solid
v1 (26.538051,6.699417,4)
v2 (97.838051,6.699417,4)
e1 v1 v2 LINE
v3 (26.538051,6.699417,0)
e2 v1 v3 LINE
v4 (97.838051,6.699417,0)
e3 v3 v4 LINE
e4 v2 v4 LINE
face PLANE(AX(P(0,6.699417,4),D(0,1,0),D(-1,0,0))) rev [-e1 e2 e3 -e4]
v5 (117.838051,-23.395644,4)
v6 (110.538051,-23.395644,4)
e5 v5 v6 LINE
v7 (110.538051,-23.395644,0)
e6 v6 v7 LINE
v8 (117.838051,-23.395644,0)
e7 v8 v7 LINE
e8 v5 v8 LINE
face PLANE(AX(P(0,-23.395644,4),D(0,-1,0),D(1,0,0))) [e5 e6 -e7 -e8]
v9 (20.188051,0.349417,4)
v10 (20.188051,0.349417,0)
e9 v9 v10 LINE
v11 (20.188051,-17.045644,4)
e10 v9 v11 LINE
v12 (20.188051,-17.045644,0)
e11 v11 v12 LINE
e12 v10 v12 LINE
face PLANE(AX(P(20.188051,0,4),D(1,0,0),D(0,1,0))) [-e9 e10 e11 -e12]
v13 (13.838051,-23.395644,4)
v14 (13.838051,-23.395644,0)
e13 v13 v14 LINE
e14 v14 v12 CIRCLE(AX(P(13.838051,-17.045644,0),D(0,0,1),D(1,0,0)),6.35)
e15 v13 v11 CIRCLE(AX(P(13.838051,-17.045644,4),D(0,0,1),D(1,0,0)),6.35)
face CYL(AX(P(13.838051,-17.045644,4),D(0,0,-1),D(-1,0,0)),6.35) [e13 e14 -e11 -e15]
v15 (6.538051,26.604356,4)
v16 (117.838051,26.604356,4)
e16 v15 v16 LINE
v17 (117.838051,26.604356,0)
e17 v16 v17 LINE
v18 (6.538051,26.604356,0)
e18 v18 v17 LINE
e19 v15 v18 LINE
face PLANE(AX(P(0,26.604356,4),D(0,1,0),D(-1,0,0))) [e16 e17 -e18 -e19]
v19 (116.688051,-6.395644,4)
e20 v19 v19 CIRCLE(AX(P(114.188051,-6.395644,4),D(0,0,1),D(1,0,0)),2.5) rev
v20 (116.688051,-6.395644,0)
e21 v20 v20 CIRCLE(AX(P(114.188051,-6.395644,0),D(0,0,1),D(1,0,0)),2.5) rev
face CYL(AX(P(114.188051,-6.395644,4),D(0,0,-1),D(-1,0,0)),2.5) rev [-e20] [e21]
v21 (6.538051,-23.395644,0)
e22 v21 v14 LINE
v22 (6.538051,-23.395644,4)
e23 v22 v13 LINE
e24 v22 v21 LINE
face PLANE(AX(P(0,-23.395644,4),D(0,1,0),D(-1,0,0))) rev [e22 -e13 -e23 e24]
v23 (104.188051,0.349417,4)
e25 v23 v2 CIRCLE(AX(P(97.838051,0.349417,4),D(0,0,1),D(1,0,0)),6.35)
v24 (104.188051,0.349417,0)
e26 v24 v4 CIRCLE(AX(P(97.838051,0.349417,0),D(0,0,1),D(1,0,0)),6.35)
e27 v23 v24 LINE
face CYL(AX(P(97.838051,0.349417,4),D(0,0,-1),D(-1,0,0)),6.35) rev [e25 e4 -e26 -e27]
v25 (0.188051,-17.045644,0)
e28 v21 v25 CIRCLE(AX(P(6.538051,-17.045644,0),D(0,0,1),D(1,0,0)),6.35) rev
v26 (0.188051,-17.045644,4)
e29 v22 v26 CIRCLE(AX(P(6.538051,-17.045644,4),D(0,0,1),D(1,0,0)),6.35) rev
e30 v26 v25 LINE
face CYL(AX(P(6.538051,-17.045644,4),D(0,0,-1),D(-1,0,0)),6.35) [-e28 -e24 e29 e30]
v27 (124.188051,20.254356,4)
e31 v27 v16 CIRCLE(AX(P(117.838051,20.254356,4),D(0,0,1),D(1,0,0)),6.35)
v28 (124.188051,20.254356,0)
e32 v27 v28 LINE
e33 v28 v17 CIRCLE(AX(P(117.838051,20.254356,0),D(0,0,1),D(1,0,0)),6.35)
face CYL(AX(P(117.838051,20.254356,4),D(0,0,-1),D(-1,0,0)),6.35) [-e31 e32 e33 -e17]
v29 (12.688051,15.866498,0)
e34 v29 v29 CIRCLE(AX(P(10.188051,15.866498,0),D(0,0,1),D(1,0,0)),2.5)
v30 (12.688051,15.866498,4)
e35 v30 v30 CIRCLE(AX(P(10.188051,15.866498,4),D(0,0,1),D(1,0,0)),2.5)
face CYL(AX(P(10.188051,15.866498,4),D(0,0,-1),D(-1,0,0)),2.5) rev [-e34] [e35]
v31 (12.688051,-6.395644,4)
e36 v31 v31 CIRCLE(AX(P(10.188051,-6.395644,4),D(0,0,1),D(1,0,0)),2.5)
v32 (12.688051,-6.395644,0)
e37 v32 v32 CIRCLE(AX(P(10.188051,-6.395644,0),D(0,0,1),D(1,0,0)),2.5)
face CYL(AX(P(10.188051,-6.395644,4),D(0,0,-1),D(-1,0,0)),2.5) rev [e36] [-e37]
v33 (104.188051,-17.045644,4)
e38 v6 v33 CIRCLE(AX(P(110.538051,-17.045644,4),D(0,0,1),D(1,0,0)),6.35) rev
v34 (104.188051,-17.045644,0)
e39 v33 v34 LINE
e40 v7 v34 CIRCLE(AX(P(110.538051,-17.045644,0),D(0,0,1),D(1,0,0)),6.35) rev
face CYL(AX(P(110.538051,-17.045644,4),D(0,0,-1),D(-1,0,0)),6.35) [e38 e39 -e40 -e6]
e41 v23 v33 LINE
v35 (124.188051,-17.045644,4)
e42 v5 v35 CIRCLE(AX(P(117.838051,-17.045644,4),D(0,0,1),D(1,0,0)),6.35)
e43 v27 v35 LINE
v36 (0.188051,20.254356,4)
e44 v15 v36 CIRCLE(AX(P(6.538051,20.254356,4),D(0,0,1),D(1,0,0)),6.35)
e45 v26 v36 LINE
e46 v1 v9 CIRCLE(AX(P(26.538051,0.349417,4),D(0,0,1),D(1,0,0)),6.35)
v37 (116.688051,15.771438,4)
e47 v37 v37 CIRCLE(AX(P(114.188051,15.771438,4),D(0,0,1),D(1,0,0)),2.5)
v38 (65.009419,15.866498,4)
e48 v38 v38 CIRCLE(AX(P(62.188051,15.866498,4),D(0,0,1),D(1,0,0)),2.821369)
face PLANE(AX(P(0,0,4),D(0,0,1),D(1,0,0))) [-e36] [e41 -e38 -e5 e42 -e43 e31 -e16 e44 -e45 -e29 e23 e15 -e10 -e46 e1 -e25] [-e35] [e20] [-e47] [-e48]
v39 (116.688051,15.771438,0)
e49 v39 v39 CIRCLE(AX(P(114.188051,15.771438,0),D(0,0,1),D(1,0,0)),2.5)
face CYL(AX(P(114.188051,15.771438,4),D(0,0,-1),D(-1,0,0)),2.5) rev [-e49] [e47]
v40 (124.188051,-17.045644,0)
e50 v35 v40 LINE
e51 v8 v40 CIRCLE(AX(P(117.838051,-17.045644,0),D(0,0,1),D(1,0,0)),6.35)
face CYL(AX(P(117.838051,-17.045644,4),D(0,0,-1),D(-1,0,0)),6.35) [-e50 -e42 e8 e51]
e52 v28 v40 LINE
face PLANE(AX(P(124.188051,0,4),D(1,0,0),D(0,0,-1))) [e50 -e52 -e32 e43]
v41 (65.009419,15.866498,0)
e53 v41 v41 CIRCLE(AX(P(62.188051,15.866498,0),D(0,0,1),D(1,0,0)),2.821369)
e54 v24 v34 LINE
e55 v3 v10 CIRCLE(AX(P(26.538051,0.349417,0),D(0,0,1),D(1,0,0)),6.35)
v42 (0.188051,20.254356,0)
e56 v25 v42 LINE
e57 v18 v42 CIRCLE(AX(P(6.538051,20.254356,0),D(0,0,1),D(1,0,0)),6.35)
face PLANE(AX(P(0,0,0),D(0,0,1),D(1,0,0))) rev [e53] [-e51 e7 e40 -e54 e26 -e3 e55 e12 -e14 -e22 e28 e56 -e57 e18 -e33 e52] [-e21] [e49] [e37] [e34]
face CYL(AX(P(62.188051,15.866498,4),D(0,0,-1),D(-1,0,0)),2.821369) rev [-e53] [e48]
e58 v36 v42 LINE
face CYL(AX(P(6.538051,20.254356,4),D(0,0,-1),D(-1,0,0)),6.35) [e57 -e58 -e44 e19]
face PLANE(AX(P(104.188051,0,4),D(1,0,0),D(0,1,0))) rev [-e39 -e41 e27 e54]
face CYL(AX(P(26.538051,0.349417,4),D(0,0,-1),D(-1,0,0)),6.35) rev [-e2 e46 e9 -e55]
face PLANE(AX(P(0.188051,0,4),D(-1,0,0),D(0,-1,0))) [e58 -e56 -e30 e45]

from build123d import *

# Parameters (mm, degrees)
CROQUIS1_R              = 2.5
CROQUIS1_R_2            = 2.821368504
SALIENTE_EXTRUIR1_DEPTH = 4


with BuildPart() as part:
    # Croquis1 → Saliente-Extruir1 (new body)
    with BuildSketch(Plane.XY):
        with BuildLine():
            Line((26.538050923, 6.699416954), (97.838050923, 6.699416954))
            ThreePointArc((97.838050923, 6.699416954), (102.328178983, 4.839545014), (104.188050923, 0.349416954))
            Line((104.188050923, 0.349416954), (104.188050923, -17.045643676))
            ThreePointArc((104.188050923, -17.045643676), (106.047922862, -21.535771736), (110.538050923, -23.395643676))
            Line((110.538050923, -23.395643676), (117.838050923, -23.395643676))
            ThreePointArc((117.838050923, -23.395643676), (122.328178983, -21.535771736), (124.188050923, -17.045643676))
            Line((124.188050923, -17.045643676), (124.188050923, 6.604356324))
            Line((124.188050923, 6.604356324), (124.188050923, 20.254356324))
            ThreePointArc((124.188050923, 20.254356324), (122.328178983, 24.744484385), (117.838050923, 26.604356324))
            Line((117.838050923, 26.604356324), (6.538050923, 26.604356324))
            ThreePointArc((6.538050923, 26.604356324), (2.047922862, 24.744484385), (0.188050923, 20.254356324))
            Line((0.188050923, 20.254356324), (0.188050923, 6.604356324))
            Line((0.188050923, 6.604356324), (0.188050923, -17.045643676))
            ThreePointArc((0.188050923, -17.045643676), (2.047922862, -21.535771736), (6.538050923, -23.395643676))
            Line((6.538050923, -23.395643676), (13.838050923, -23.395643676))
            ThreePointArc((13.838050923, -23.395643676), (18.328178983, -21.535771736), (20.188050923, -17.045643676))
            Line((20.188050923, -17.045643676), (20.188050923, 0.349416954))
            ThreePointArc((20.188050923, 0.349416954), (22.047922862, 4.839545014), (26.538050923, 6.699416954))
        make_face()
        with Locations((10.188050923, 15.866498333)):
            Circle(CROQUIS1_R, mode=Mode.SUBTRACT)
        with Locations((114.188050923, 15.771437703)):
            Circle(CROQUIS1_R, mode=Mode.SUBTRACT)
        with Locations((10.188050923, -6.395643676)):
            Circle(CROQUIS1_R, mode=Mode.SUBTRACT)
        with Locations((62.188050923, 15.866498333)):
            Circle(CROQUIS1_R_2, mode=Mode.SUBTRACT)
        with Locations((114.188050923, -6.395643676)):
            Circle(CROQUIS1_R, mode=Mode.SUBTRACT)
    extrude(amount=SALIENTE_EXTRUIR1_DEPTH)


solid = part.part
